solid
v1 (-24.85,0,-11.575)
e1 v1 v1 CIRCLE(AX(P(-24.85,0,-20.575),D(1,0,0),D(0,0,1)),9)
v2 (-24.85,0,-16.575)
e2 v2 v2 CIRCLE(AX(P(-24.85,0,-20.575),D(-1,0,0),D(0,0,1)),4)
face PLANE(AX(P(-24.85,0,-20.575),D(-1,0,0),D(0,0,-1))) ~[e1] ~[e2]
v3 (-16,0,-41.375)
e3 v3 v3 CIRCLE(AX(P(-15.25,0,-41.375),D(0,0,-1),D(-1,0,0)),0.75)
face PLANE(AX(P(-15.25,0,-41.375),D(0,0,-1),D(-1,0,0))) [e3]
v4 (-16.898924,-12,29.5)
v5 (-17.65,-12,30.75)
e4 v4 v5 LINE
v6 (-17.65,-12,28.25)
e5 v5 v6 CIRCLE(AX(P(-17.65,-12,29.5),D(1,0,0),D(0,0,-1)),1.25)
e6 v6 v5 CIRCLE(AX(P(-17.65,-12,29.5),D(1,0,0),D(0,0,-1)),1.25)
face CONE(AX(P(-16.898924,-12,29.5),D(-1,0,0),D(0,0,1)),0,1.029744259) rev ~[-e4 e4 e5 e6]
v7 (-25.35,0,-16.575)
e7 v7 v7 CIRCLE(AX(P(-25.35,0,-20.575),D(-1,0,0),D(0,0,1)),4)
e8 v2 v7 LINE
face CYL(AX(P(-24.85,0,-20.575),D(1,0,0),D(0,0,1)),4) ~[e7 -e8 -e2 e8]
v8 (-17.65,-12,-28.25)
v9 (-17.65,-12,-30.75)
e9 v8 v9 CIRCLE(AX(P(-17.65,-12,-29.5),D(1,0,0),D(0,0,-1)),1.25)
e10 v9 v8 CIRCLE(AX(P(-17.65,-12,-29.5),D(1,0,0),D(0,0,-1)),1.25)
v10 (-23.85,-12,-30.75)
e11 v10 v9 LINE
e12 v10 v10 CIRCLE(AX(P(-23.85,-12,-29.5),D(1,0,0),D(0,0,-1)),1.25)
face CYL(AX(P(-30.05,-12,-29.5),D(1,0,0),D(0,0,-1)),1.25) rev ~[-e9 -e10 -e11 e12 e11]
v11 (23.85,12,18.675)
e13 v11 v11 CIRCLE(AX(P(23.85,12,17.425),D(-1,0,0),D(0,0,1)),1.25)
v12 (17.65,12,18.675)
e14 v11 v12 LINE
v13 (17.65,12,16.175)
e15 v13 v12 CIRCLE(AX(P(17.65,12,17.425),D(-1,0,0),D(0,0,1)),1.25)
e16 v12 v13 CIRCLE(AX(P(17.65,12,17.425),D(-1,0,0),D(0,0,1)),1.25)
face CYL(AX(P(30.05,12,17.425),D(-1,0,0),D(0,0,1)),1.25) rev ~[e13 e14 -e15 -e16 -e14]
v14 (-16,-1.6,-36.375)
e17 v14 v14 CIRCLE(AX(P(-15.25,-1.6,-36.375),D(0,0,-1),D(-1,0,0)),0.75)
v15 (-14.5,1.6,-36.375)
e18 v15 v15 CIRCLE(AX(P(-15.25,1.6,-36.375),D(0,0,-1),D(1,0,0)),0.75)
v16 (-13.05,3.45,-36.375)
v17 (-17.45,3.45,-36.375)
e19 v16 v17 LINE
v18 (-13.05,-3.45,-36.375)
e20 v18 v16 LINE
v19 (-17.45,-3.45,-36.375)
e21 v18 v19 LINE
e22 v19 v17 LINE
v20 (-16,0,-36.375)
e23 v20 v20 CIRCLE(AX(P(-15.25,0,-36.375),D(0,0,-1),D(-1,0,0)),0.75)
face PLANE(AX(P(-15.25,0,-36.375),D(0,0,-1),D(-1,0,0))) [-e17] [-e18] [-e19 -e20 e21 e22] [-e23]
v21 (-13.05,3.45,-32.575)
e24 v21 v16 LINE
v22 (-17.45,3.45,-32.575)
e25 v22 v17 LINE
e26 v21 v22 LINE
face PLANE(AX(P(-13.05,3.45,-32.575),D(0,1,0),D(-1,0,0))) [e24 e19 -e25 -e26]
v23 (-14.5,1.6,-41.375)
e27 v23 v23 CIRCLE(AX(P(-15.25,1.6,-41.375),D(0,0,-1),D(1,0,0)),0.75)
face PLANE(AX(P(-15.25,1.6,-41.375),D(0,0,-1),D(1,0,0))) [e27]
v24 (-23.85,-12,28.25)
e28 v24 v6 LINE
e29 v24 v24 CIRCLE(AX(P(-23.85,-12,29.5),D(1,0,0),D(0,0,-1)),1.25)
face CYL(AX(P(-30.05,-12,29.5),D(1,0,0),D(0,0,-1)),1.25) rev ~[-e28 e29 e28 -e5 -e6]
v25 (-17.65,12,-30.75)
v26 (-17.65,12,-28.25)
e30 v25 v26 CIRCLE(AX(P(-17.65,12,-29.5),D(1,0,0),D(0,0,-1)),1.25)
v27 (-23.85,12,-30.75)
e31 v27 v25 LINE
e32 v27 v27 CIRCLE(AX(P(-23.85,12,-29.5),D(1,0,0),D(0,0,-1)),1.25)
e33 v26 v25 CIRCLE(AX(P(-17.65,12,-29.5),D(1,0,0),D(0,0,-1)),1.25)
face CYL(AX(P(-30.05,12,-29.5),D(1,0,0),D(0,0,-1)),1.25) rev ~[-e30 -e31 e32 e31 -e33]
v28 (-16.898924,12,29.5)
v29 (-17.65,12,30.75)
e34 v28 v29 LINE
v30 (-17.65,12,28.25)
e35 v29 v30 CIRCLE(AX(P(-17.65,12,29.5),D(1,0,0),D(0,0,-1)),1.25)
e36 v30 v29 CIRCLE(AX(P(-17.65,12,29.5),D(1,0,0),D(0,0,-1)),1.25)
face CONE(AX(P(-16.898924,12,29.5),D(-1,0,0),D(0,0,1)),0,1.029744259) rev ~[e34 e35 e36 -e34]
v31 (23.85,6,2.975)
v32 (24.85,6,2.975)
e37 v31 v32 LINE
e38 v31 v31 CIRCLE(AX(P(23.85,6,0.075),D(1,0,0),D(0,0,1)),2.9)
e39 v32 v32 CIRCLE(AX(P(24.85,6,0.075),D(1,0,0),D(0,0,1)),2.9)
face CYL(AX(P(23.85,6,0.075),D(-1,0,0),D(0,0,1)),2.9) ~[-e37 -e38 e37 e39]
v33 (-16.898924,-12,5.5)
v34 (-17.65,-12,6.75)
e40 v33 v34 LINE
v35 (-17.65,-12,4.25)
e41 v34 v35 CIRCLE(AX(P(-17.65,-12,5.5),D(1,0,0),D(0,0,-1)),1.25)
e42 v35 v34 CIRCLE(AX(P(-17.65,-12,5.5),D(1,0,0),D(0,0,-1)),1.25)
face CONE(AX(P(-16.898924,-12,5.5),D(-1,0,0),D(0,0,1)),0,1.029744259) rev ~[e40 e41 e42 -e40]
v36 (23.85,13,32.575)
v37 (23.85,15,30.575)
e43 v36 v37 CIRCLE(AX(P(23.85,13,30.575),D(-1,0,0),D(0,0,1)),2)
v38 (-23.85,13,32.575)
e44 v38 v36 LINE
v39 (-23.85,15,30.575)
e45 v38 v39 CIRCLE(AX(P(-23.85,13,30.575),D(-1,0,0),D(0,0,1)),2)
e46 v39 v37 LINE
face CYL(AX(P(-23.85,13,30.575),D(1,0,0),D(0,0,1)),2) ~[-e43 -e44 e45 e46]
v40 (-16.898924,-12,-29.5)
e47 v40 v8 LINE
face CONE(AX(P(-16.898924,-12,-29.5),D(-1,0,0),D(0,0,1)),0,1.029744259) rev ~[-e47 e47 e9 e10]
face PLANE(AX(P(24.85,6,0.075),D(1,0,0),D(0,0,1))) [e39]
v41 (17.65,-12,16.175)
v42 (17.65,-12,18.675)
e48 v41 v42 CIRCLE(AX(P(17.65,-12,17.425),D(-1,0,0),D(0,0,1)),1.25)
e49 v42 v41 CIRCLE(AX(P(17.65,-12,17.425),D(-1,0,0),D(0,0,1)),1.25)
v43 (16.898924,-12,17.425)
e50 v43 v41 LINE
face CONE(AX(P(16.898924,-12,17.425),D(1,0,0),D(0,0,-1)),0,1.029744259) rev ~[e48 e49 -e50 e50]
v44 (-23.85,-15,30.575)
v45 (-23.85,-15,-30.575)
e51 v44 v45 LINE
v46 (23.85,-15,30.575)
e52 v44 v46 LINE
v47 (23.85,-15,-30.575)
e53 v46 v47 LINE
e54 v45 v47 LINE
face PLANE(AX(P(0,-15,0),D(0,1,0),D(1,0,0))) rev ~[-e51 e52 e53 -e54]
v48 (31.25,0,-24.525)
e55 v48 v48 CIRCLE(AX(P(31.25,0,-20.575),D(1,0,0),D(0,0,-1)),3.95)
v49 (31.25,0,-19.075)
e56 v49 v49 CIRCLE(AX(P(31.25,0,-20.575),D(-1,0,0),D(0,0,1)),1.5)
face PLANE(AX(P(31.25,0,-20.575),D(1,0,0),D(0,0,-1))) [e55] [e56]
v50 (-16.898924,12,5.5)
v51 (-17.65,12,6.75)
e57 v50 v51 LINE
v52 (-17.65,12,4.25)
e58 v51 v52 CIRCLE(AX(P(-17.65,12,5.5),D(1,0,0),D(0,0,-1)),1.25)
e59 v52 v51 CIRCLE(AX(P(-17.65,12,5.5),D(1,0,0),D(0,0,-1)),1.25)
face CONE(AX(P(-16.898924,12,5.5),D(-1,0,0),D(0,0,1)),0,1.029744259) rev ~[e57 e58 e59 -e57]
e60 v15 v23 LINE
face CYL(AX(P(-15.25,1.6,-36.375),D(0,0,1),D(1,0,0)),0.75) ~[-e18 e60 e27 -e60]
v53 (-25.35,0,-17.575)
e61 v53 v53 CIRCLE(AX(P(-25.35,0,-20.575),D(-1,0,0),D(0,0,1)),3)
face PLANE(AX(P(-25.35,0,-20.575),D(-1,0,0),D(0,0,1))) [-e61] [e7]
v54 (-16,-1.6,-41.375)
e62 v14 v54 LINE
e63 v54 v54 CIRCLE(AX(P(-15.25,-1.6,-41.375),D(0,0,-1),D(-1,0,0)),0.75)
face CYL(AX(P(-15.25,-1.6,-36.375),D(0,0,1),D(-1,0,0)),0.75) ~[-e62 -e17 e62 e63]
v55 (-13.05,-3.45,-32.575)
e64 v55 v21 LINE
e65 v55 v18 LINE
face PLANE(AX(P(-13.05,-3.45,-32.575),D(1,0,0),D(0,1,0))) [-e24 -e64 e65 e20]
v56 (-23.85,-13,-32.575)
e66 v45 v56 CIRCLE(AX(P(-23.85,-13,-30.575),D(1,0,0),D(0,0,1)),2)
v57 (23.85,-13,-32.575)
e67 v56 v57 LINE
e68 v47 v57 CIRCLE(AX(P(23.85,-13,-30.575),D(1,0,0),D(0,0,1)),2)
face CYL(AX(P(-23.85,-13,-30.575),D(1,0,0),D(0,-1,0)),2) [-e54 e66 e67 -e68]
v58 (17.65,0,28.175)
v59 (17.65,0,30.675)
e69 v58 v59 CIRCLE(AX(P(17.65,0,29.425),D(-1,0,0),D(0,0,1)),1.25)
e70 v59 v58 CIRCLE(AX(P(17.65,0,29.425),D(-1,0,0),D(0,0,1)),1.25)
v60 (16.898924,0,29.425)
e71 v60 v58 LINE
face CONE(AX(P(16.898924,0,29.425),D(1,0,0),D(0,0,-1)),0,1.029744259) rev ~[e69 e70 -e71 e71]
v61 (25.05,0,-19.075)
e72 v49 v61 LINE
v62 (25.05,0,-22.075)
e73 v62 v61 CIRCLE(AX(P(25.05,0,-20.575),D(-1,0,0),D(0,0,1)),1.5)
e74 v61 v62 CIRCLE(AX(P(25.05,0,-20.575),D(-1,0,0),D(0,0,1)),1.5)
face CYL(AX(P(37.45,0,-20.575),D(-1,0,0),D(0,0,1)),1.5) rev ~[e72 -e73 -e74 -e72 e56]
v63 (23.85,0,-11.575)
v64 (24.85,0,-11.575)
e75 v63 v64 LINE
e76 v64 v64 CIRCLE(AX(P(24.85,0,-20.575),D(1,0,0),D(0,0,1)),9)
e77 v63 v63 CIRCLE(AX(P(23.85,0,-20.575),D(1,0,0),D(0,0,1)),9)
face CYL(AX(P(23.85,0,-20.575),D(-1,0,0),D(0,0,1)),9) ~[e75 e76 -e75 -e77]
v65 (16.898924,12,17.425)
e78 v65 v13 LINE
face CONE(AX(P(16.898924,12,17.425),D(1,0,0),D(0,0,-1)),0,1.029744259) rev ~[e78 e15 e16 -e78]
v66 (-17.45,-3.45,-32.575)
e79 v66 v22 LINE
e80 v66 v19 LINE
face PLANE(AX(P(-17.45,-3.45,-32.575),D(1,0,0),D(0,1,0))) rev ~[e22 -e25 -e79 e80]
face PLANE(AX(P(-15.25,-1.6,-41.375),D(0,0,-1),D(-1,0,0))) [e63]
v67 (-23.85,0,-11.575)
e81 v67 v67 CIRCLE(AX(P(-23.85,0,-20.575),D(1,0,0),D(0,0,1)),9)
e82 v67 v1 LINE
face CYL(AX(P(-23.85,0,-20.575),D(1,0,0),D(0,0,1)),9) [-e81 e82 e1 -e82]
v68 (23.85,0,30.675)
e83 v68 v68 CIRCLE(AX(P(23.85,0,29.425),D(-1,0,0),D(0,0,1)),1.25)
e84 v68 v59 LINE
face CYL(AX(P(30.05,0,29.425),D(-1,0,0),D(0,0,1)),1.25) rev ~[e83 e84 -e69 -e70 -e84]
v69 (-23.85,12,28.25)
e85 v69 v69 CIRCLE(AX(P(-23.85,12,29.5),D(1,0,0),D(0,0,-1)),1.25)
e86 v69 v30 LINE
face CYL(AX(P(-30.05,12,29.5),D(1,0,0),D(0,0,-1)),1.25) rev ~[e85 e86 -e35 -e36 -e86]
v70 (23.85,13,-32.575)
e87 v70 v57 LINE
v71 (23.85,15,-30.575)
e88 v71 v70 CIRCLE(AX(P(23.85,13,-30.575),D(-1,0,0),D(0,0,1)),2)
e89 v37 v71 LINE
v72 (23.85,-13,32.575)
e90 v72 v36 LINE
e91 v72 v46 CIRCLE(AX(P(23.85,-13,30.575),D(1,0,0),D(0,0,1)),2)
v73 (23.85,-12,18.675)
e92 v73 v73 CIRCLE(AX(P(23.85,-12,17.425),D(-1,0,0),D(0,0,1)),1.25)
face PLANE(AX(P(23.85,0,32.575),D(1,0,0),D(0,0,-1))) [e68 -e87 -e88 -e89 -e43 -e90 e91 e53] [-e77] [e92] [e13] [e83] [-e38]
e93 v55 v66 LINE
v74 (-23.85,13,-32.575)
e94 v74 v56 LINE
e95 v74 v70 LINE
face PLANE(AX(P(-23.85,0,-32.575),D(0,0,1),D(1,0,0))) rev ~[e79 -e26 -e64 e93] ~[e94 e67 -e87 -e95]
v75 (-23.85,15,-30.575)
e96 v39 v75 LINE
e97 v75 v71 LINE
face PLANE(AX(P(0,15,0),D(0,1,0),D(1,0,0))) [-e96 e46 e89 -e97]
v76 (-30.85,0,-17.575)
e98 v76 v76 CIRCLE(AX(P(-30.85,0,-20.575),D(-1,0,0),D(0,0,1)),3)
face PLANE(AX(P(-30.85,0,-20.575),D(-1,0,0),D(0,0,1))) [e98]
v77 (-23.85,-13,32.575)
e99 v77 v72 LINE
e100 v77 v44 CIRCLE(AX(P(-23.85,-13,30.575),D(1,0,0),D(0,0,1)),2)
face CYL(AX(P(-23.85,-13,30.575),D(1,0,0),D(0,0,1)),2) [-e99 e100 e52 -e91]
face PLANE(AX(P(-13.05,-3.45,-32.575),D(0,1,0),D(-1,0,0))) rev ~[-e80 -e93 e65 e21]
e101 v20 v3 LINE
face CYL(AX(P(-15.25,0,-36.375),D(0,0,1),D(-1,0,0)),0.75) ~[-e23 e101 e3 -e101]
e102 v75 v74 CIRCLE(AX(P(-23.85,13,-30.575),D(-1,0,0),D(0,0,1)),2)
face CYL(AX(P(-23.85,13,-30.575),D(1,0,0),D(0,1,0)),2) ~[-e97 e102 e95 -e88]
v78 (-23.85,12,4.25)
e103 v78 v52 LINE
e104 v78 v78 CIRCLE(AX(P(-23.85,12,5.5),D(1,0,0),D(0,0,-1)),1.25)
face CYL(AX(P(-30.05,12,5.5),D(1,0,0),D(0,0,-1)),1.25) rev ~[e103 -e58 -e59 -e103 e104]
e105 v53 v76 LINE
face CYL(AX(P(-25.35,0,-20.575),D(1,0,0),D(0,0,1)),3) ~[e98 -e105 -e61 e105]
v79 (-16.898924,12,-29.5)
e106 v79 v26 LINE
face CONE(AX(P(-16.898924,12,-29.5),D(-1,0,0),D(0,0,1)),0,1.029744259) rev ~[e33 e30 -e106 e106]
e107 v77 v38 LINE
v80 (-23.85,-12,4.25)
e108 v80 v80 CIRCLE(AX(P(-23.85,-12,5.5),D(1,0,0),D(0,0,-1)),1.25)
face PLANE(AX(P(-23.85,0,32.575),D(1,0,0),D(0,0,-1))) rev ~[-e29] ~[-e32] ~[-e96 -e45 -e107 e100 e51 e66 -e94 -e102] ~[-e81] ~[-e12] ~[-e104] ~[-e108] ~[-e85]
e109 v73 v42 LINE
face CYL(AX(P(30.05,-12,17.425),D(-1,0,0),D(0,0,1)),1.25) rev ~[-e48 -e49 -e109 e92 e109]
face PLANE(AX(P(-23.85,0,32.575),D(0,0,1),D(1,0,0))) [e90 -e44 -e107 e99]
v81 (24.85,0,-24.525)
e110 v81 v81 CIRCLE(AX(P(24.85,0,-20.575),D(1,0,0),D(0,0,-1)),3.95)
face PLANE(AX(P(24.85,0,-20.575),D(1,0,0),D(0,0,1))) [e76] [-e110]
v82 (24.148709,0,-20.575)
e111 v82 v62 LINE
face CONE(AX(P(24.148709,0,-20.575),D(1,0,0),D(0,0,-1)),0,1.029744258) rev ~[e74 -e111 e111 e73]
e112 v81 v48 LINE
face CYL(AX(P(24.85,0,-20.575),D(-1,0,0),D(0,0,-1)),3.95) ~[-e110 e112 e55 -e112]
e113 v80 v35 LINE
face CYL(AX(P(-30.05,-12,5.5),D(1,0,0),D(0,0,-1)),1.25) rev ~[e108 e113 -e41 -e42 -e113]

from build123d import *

# Parameters (mm, degrees)
ESQUISSE1_W                         = 47.7
ESQUISSE1_H                         = 65.15
BOSS_EXTRU_1_DEPTH                  = 15
ESQUISSE2_R                         = 9
BOSS_EXTRU_2_DEPTH                  = 1
ESQUISSE3_R                         = 3.95
BOSS_EXTRU_3_DEPTH                  = 6.4
ESQUISSE4_R                         = 4
BOSS_EXTRU_4_DEPTH                  = 0.5
ESQUISSE5_R                         = 3
BOSS_EXTRU_5_DEPTH                  = 5.5
ESQUISSE6_R                         = 2.9
BOSS_EXTRU_6_DEPTH                  = 1
ESQUISSE7_W                         = 4.4
ESQUISSE7_H                         = 6.9
BOSS_EXTRU_7_DEPTH                  = 3.8
ESQUISSE8_R                         = 0.75
BOSS_EXTRU_8_DEPTH                  = 5
DIAM_TRE_DU_PER_AGE_3_0_3_1_D       = 3
DIAM_TRE_DU_PER_AGE_3_0_3_1_DEPTH   = 6.2
DIAM_TRE_DU_PER_AGE_3_0_3_1_TIP     = 0.901290929
DIAM_TRE_DU_PER_AGE_2_5_2_5_1_D     = 2.5
DIAM_TRE_DU_PER_AGE_2_5_2_5_1_DEPTH = 6.2
DIAM_TRE_DU_PER_AGE_2_5_2_5_1_TIP   = 0.751075774
DIAM_TRE_DU_PER_AGE_2_5_2_5_2_D     = 2.5
DIAM_TRE_DU_PER_AGE_2_5_2_5_2_DEPTH = 6.2
DIAM_TRE_DU_PER_AGE_2_5_2_5_2_TIP   = 0.751075774
CONG_1_R                            = 2


with BuildPart() as part:
    # Esquisse1 → Boss.-Extru.1 (new, symmetric)
    with BuildSketch(Plane(origin=(0, 0, 0), x_dir=(1, 0, 0), z_dir=(0, 1, 0))):
        Rectangle(ESQUISSE1_W, ESQUISSE1_H)
    extrude(amount=BOSS_EXTRU_1_DEPTH, both=True)

    # Esquisse2 → Boss.-Extru.2 (add)
    with BuildSketch(Plane(origin=(23.85, 0, 0), x_dir=(0, 0, -1), z_dir=(1, 0, 0))):
        with Locations((20.575, 0)):
            Circle(ESQUISSE2_R)
    boss_extru_2 = extrude(amount=BOSS_EXTRU_2_DEPTH)

    # Symétrie1: Boss.-Extru.2 across plane
    add(boss_extru_2.mirror(Plane(origin=(0, 0, 0), x_dir=(0, 0, 1), z_dir=(1, 0, 0))))

    # Esquisse3 → Boss.-Extru.3 (add)
    with BuildSketch(Plane(origin=(24.85, 0, 0), x_dir=(0, 0, -1), z_dir=(1, 0, 0))):
        with Locations((20.575, 0)):
            Circle(ESQUISSE3_R)
    extrude(amount=BOSS_EXTRU_3_DEPTH)

    # Esquisse4 → Boss.-Extru.4 (add)
    with BuildSketch(Plane.ZY.offset(24.85)):
        with Locations((-20.575, 0)):
            Circle(ESQUISSE4_R)
    extrude(amount=BOSS_EXTRU_4_DEPTH)

    # Esquisse5 → Boss.-Extru.5 (add)
    with BuildSketch(Plane.ZY.offset(25.35)):
        with Locations((-20.575, 0)):
            Circle(ESQUISSE5_R)
    extrude(amount=BOSS_EXTRU_5_DEPTH)

    # Esquisse6 → Boss.-Extru.6 (add)
    with BuildSketch(Plane(origin=(23.85, 0, 0), x_dir=(0, 0, -1), z_dir=(1, 0, 0))):
        with Locations((-0.075, 6)):
            Circle(ESQUISSE6_R)
    extrude(amount=BOSS_EXTRU_6_DEPTH)

    # Esquisse7 → Boss.-Extru.7 (add)
    with BuildSketch(Plane(origin=(0, 0, -32.575), x_dir=(-1, 0, 0), z_dir=(0, 0, -1))):
        with Locations((15.25, 0)):
            Rectangle(ESQUISSE7_W, ESQUISSE7_H)
    extrude(amount=BOSS_EXTRU_7_DEPTH)

    # Esquisse8 → Boss.-Extru.8 (add)
    with BuildSketch(Plane(origin=(0, 0, -36.375), x_dir=(-1, 0, 0), z_dir=(0, 0, -1))):
        with Locations((15.25, 0)):
            Circle(ESQUISSE8_R)
        with Locations((15.25, -1.6)):
            Circle(ESQUISSE8_R)
        with Locations((15.25, 1.6)):
            Circle(ESQUISSE8_R)
    extrude(amount=BOSS_EXTRU_8_DEPTH)

    # Diamètre du perçage Ø3.0 (3)1
    with Locations(Plane(origin=(31.25, 0, 0), x_dir=(0, 0, -1), z_dir=(1, 0, 0))):
        with Locations((20.575, 0)):
            Hole(DIAM_TRE_DU_PER_AGE_3_0_3_1_D / 2, depth=DIAM_TRE_DU_PER_AGE_3_0_3_1_DEPTH)
            with Locations((0, 0, -(DIAM_TRE_DU_PER_AGE_3_0_3_1_DEPTH + DIAM_TRE_DU_PER_AGE_3_0_3_1_TIP / 2))):  # 118° drill point
                Cone(0, DIAM_TRE_DU_PER_AGE_3_0_3_1_D / 2, DIAM_TRE_DU_PER_AGE_3_0_3_1_TIP, mode=Mode.SUBTRACT)

    # Diamètre du perçage Ø2.5 (2.5)1
    with Locations(Plane(origin=(23.85, 0, 0), x_dir=(0, 0, -1), z_dir=(1, 0, 0))):
        with Locations((-29.425, 0), (-17.425, 12), (-17.425, -12)):
            Hole(DIAM_TRE_DU_PER_AGE_2_5_2_5_1_D / 2, depth=DIAM_TRE_DU_PER_AGE_2_5_2_5_1_DEPTH)
            with Locations((0, 0, -(DIAM_TRE_DU_PER_AGE_2_5_2_5_1_DEPTH + DIAM_TRE_DU_PER_AGE_2_5_2_5_1_TIP / 2))):  # 118° drill point
                Cone(0, DIAM_TRE_DU_PER_AGE_2_5_2_5_1_D / 2, DIAM_TRE_DU_PER_AGE_2_5_2_5_1_TIP, mode=Mode.SUBTRACT)

    # Diamètre du perçage Ø2.5 (2.5)2
    with Locations(Plane.ZY.offset(23.85)):
        with Locations((29.5, 12), (-29.5, 12), (29.5, -12), (-29.5, -12), (5.5, 12), (5.5, -12)):
            Hole(DIAM_TRE_DU_PER_AGE_2_5_2_5_2_D / 2, depth=DIAM_TRE_DU_PER_AGE_2_5_2_5_2_DEPTH)
            with Locations((0, 0, -(DIAM_TRE_DU_PER_AGE_2_5_2_5_2_DEPTH + DIAM_TRE_DU_PER_AGE_2_5_2_5_2_TIP / 2))):  # 118° drill point
                Cone(0, DIAM_TRE_DU_PER_AGE_2_5_2_5_2_D / 2, DIAM_TRE_DU_PER_AGE_2_5_2_5_2_TIP, mode=Mode.SUBTRACT)

    # Congé1
    cong_1_edges = [part.edges().sort_by_distance(p)[0] for p in [
        (0, 15, 32.575),
        (0, -15, 32.575),
        (0, 15, -32.575),
        (0, -15, -32.575),
    ]]
    fillet(cong_1_edges, radius=CONG_1_R)


solid = part.part
